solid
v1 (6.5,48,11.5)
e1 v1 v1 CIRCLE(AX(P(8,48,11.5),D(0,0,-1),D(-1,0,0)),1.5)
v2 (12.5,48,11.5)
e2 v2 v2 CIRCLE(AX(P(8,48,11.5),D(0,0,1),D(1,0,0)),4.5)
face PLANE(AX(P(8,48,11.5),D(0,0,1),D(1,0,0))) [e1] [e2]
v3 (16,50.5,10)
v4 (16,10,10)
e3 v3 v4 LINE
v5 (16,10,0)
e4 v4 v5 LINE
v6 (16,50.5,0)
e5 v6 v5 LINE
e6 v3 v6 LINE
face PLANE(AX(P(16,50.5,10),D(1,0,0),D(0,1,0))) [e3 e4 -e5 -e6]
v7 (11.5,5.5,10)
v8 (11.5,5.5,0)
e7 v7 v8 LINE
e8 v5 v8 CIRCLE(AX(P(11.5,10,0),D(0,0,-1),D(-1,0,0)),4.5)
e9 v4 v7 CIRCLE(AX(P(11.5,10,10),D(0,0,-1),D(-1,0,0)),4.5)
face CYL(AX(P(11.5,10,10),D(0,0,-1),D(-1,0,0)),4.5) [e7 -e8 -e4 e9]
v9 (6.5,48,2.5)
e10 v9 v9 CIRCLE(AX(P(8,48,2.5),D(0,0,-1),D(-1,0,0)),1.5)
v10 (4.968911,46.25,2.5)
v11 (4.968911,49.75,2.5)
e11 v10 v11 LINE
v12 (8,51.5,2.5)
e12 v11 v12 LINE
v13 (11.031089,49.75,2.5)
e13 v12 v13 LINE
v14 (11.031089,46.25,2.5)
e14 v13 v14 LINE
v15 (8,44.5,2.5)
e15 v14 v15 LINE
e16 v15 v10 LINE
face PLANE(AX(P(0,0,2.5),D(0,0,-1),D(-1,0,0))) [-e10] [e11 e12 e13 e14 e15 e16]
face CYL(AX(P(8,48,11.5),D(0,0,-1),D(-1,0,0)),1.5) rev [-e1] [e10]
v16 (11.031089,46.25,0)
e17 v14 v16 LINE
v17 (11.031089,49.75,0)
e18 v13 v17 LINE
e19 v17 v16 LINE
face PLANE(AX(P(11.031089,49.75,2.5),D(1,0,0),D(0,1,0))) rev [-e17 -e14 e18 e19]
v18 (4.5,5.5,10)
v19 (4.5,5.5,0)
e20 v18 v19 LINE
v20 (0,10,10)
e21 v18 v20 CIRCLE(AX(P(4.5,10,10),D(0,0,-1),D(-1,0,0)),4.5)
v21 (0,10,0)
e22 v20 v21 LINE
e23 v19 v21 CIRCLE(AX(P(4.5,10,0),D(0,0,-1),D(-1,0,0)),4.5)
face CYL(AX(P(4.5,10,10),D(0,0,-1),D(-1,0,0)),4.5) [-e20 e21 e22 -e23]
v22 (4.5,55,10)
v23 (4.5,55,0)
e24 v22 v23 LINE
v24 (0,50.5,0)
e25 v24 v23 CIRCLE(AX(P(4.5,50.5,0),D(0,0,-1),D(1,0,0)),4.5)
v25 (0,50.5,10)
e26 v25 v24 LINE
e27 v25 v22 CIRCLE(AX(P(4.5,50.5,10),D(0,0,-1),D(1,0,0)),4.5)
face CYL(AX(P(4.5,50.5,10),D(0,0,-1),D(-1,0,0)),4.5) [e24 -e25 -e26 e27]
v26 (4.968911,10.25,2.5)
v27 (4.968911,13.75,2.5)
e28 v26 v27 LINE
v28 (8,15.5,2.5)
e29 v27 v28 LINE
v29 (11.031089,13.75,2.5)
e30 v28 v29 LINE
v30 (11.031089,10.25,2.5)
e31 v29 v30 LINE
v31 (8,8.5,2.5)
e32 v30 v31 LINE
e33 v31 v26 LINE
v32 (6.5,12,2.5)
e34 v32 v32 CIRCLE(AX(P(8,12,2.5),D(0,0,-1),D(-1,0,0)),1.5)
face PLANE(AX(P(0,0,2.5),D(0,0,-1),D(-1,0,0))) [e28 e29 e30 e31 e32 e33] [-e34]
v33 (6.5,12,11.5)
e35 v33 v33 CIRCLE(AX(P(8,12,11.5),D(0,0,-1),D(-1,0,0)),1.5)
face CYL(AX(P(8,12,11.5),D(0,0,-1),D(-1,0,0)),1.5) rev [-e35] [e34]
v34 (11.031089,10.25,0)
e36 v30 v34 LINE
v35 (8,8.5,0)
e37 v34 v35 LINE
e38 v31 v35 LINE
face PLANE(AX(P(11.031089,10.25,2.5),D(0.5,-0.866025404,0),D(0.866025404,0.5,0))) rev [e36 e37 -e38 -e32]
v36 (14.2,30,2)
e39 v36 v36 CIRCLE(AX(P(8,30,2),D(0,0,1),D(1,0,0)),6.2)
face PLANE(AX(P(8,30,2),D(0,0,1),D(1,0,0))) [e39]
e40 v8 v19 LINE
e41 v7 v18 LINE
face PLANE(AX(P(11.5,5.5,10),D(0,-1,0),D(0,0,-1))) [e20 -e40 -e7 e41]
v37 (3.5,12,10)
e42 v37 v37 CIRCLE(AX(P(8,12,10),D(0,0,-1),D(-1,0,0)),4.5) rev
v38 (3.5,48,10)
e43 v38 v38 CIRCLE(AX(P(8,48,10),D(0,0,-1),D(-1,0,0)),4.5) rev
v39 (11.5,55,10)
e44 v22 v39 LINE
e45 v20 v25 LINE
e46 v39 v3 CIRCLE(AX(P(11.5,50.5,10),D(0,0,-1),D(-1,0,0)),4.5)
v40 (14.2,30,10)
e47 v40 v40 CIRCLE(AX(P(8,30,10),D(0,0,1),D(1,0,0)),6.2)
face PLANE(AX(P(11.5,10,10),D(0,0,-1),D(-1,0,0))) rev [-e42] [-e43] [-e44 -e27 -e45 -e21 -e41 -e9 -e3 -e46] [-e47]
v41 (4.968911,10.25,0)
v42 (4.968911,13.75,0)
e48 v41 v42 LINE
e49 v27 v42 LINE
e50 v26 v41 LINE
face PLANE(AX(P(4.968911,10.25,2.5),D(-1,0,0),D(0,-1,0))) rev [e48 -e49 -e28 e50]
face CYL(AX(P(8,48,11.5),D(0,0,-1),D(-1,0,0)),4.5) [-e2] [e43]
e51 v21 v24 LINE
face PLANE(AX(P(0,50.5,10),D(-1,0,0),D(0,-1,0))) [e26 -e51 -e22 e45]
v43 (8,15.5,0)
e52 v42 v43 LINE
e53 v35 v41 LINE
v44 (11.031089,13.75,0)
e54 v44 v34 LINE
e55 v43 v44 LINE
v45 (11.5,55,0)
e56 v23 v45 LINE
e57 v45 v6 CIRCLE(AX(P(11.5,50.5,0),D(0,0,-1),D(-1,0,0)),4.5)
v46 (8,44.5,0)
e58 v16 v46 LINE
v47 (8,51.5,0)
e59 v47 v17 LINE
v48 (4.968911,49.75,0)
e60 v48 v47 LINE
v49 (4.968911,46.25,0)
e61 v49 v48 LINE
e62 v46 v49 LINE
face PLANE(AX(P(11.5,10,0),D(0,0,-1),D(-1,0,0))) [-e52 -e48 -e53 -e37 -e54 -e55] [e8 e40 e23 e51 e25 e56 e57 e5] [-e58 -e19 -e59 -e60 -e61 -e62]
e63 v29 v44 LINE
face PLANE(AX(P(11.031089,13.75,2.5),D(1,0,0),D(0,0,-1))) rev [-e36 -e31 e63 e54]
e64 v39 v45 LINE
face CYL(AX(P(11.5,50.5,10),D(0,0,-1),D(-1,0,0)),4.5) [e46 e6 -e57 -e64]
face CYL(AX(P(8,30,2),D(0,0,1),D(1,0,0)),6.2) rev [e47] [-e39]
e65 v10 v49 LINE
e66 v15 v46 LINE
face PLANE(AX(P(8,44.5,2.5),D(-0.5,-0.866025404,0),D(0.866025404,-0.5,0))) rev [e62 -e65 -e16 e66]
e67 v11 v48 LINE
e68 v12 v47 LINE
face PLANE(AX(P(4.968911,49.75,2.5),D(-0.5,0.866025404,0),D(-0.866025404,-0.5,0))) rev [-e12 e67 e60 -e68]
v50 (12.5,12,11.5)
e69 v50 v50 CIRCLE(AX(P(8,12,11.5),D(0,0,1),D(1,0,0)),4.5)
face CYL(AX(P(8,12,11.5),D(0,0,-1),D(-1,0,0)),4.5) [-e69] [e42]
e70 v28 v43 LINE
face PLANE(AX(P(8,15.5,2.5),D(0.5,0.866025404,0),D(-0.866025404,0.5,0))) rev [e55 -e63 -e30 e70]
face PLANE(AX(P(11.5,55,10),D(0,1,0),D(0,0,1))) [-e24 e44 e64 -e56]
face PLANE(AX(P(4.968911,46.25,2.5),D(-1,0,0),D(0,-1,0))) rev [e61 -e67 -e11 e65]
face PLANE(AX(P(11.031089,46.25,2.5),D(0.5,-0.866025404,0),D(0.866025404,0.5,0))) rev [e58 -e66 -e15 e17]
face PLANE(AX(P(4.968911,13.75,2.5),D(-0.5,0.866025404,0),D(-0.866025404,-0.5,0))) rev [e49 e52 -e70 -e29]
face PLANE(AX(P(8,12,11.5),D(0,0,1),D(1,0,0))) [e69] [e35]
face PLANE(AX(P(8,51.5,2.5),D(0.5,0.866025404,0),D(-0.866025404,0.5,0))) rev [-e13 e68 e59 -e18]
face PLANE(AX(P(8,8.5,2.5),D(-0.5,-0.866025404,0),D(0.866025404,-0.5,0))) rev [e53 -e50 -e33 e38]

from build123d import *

# Parameters (mm, degrees)
SALIENTE_EXTRUIR1_DEPTH = 10
CORTAR_EXTRUIR2_DEPTH   = 2.5
CROQUIS3_R              = 4.5
SALIENTE_EXTRUIR2_DEPTH = 1.5
CROQUIS4_R              = 1.5
CORTAR_EXTRUIR3_DEPTH   = 58.982756057
CROQUIS5_R              = 6.2
CORTAR_EXTRUIR4_DEPTH   = 8


with BuildPart() as part:
    # Croquis1 → Saliente-Extruir1 (new body)
    with BuildSketch(Plane(origin=(0, 0, 0), x_dir=(-1, 0, 0), z_dir=(0, 0, -1))):
        with BuildLine():
            Line((-11.5, 55), (-4.5, 55))
            ThreePointArc((-4.5, 55), (-1.318019485, 53.681980515), (0, 50.5))
            Line((0, 50.5), (0, 10))
            ThreePointArc((0, 10), (-1.318019485, 6.818019485), (-4.5, 5.5))
            Line((-4.5, 5.5), (-11.5, 5.5))
            ThreePointArc((-11.5, 5.5), (-14.681980515, 6.818019485), (-16, 10))
            Line((-16, 10), (-16, 50.5))
            ThreePointArc((-16, 50.5), (-14.681980515, 53.681980515), (-11.5, 55))
        make_face()
    extrude(amount=-SALIENTE_EXTRUIR1_DEPTH)

    # Croquis2 → Cortar-Extruir2 (cut)
    with BuildSketch(Plane(origin=(0, 0, 0), x_dir=(-1, 0, 0), z_dir=(0, 0, -1))):
        Polygon((-8, 51.5), (-11.031088913, 49.75), (-11.031088913, 46.25), (-8, 44.5), (-4.968911087, 46.25), (-4.968911087, 49.75), align=None)
        Polygon((-8, 15.5), (-11.031088913, 13.75), (-11.031088913, 10.25), (-8, 8.5), (-4.968911087, 10.25), (-4.968911087, 13.75), align=None)
    extrude(amount=-CORTAR_EXTRUIR2_DEPTH, mode=Mode.SUBTRACT)

    # Croquis3 → Saliente-Extruir2 (add)
    with BuildSketch(Plane.XY.offset(10)):
        with Locations(Location((8, 48, 0), (0, 0, 180))):
            Circle(CROQUIS3_R)
        with Locations(Location((8, 12, 0), (0, 0, 180))):
            Circle(CROQUIS3_R)
    extrude(amount=SALIENTE_EXTRUIR2_DEPTH)

    # Croquis4 → Cortar-Extruir3 (cut, through all)
    with BuildSketch(Plane(origin=(0, 0, 2.5), x_dir=(-1, 0, 0), z_dir=(0, 0, -1))):
        with Locations((-8, 48)):
            Circle(CROQUIS4_R)
        with Locations((-8, 12)):
            Circle(CROQUIS4_R)
    extrude(amount=-CORTAR_EXTRUIR3_DEPTH, mode=Mode.SUBTRACT)

    # Croquis5 → Cortar-Extruir4 (cut)
    with BuildSketch(Plane.XY.offset(10)):
        with Locations((8, 30)):
            Circle(CROQUIS5_R)
    extrude(amount=-CORTAR_EXTRUIR4_DEPTH, mode=Mode.SUBTRACT)


solid = part.part
